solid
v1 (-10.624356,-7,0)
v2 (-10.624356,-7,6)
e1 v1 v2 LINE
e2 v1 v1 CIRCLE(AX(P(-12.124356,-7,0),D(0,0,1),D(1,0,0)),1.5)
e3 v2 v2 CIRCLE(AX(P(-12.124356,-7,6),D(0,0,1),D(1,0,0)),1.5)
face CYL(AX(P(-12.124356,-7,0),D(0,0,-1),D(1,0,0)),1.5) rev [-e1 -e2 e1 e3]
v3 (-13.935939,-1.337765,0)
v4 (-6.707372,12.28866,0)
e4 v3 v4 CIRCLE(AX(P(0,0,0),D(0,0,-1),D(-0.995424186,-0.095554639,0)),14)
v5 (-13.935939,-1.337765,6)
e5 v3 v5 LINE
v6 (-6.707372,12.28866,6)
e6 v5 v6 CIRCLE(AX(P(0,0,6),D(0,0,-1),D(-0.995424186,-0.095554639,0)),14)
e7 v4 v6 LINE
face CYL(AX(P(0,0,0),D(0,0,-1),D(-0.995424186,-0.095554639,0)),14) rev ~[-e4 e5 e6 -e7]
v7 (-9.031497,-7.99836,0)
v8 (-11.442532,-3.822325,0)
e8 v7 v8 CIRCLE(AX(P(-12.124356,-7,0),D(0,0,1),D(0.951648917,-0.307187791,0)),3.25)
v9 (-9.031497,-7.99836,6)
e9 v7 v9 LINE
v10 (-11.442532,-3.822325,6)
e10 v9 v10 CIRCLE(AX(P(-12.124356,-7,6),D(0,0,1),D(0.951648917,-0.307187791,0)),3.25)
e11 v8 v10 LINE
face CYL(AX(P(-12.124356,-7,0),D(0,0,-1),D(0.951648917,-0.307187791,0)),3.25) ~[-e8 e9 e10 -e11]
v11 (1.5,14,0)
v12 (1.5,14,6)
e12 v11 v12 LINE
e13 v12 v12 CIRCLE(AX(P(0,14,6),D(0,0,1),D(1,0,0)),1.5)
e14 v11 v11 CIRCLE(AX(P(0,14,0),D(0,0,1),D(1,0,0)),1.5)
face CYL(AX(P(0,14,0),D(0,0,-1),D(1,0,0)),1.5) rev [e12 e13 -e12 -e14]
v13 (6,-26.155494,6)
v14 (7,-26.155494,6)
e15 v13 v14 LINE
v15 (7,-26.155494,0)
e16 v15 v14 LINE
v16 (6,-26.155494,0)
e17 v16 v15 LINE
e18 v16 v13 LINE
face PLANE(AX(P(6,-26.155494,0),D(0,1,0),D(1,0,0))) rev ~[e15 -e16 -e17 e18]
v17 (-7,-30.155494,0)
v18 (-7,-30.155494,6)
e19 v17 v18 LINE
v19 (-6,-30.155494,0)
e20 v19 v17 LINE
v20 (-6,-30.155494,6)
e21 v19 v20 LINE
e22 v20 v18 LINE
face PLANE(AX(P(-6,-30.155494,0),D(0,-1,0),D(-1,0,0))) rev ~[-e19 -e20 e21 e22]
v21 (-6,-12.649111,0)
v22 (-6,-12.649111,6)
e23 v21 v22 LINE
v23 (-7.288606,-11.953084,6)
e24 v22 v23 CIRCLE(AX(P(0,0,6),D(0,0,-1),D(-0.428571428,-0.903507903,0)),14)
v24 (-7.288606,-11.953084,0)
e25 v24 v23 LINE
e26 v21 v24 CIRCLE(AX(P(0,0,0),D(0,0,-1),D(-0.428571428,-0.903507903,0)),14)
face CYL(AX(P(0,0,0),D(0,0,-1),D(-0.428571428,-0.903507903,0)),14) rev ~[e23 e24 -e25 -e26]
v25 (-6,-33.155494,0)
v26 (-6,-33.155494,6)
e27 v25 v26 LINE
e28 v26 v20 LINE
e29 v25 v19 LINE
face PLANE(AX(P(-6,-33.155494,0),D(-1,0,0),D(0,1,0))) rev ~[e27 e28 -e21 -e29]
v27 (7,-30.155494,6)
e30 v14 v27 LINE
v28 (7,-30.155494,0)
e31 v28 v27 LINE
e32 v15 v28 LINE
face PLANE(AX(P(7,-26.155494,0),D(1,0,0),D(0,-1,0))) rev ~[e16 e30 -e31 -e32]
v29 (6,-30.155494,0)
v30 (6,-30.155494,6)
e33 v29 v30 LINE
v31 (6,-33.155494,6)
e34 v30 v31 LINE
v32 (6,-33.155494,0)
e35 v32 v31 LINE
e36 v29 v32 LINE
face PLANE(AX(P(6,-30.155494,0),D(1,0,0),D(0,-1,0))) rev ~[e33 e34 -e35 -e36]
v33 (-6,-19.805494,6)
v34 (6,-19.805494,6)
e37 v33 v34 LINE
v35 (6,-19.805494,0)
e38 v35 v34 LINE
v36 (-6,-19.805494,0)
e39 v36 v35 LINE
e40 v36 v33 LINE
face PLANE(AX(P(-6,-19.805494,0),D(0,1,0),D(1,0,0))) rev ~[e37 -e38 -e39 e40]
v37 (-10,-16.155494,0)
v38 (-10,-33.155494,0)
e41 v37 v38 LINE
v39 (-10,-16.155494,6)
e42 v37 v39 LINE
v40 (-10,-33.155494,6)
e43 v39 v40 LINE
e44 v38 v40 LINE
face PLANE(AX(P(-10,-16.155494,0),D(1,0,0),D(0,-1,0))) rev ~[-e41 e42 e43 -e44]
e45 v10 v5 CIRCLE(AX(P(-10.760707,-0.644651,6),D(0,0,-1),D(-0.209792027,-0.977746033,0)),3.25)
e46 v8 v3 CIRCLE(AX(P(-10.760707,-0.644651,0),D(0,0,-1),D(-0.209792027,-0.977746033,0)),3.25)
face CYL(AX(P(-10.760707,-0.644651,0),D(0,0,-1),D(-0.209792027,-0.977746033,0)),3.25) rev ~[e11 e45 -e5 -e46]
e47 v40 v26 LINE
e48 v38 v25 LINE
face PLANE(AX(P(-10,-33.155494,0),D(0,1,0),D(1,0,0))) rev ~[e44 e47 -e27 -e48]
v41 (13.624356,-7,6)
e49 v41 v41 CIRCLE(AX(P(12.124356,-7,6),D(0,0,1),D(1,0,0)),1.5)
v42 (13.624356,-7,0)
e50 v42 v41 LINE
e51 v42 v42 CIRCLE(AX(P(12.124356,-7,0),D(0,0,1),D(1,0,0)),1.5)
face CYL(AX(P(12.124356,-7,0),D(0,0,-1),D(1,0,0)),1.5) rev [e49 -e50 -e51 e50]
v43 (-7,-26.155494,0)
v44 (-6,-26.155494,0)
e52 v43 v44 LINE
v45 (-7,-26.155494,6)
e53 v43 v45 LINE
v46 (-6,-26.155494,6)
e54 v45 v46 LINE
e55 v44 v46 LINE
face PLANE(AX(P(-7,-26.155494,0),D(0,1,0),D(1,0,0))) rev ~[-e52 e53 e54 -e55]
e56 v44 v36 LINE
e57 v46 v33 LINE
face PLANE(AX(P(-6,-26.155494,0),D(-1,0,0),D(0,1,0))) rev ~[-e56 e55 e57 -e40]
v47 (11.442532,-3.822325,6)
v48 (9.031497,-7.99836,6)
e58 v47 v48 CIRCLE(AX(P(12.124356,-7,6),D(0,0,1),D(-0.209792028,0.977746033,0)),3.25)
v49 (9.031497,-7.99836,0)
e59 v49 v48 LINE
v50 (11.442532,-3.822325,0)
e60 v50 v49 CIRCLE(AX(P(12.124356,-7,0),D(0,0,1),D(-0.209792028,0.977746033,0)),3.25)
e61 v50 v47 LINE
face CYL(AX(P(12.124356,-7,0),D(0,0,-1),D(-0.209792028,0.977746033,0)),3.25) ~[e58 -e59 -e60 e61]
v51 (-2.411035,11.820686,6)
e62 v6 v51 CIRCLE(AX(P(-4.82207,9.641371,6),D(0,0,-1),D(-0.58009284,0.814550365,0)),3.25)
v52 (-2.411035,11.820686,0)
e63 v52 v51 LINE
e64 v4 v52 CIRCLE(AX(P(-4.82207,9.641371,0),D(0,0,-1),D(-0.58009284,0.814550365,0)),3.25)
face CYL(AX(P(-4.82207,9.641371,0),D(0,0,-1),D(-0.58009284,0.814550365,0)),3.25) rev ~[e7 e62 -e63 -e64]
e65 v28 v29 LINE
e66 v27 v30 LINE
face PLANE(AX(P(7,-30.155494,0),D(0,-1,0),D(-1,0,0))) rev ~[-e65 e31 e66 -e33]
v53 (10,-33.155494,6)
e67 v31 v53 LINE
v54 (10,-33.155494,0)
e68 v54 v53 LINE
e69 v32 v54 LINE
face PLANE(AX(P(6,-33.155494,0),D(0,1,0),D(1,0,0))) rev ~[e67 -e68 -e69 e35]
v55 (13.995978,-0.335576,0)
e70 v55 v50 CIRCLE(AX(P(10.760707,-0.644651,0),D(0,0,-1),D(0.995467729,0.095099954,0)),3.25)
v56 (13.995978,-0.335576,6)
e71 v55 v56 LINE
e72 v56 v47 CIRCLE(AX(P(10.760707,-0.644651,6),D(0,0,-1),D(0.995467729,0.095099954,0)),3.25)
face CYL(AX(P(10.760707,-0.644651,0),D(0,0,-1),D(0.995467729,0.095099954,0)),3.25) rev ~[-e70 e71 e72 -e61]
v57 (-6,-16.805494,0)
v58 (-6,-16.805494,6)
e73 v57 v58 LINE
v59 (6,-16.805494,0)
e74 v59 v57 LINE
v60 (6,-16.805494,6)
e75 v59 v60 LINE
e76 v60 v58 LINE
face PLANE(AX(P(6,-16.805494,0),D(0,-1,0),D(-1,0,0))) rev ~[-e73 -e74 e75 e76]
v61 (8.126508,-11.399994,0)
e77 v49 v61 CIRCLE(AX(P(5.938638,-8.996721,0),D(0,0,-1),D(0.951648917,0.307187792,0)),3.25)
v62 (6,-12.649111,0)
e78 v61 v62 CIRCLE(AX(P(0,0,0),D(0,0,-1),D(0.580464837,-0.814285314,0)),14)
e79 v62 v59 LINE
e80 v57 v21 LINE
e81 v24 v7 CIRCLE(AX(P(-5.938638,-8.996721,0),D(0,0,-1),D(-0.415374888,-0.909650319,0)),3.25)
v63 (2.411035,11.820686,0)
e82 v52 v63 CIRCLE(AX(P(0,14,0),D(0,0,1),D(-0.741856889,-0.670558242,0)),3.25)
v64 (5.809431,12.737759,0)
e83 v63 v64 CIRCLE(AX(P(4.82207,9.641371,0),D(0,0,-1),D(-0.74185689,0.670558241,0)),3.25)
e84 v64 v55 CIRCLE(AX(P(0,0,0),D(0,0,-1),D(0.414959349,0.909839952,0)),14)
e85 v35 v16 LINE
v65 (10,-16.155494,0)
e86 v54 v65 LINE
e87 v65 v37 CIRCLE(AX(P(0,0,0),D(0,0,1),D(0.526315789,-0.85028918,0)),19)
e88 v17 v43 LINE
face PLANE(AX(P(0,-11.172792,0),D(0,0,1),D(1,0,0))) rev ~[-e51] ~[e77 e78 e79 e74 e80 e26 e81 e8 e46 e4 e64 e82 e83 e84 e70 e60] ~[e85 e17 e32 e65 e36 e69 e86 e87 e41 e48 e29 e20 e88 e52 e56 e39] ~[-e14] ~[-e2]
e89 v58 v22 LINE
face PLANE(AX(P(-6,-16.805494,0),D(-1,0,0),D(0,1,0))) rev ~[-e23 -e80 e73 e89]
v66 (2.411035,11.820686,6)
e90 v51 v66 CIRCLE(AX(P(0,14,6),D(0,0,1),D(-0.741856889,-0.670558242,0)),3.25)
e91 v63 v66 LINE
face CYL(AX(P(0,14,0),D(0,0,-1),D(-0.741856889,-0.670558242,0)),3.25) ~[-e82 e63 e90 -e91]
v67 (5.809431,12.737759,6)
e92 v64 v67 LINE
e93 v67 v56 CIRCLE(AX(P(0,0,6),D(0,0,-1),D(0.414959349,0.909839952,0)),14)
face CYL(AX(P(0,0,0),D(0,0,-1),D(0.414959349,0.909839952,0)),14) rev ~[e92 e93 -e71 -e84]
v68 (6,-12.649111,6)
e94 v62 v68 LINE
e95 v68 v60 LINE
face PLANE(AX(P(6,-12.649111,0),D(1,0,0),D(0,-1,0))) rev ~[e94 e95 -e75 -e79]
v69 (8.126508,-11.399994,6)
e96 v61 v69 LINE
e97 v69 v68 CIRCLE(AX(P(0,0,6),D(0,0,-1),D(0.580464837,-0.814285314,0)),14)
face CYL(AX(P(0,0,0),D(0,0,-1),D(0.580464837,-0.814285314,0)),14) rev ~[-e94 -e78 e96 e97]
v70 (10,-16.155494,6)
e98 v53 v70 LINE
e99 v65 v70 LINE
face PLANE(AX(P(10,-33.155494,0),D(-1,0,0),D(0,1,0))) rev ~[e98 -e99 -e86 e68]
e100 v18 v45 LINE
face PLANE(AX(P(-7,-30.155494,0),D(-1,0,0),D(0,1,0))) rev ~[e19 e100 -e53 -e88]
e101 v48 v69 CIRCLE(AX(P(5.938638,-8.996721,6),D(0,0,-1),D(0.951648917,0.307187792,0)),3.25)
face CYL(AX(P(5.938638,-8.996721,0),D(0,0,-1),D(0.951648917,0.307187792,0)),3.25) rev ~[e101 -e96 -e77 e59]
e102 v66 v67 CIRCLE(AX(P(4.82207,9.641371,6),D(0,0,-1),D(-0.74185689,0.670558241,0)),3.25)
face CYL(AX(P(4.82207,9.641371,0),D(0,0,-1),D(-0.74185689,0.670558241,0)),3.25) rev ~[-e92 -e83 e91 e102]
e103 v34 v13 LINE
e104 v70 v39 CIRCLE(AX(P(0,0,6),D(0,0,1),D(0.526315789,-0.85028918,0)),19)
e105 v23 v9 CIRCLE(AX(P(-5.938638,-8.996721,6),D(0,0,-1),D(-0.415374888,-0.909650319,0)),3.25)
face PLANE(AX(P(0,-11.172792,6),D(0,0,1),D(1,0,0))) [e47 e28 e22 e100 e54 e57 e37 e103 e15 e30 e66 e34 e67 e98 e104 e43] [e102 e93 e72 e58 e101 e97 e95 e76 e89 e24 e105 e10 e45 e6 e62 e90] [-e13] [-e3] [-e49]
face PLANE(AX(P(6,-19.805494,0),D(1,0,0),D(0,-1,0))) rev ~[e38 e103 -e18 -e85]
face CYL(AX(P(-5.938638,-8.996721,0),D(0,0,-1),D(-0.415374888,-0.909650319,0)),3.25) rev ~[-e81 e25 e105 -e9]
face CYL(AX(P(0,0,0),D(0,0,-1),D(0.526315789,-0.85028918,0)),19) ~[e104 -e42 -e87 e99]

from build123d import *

# Parameters (mm, degrees)
ESQUISSE1_R        = 1.5
BOSS_EXTRU_2_DEPTH = 6


with BuildPart() as part:
    # Esquisse1 → Boss.-Extru.2 (new body)
    with BuildSketch(Plane.XY):
        with BuildLine():
            Line((-6, -33.155494421), (-6, -30.155494421))
            Line((-6, -30.155494421), (-7, -30.155494421))
            Line((-7, -30.155494421), (-7, -26.155494421))
            Line((-7, -26.155494421), (-6, -26.155494421))
            Line((-6, -26.155494421), (-6, -19.805494421))
            Line((-6, -19.805494421), (6, -19.805494421))
            Line((6, -19.805494421), (6, -26.155494421))
            Line((6, -26.155494421), (7, -26.155494421))
            Line((7, -26.155494421), (7, -30.155494421))
            Line((7, -30.155494421), (6, -30.155494421))
            Line((6, -30.155494421), (6, -33.155494421))
            Line((6, -33.155494421), (10, -33.155494421))
            Line((10, -33.155494421), (10, -16.155494421))
            ThreePointArc((10, -16.155494421), (0, 19), (-10, -16.155494421))
            Line((-10, -16.155494421), (-10, -33.155494421))
            Line((-10, -33.155494421), (-6, -33.155494421))
        make_face()
        with Locations((0, 14)):
            Circle(ESQUISSE1_R, mode=Mode.SUBTRACT)
        with Locations((12.124355653, -7)):
            Circle(ESQUISSE1_R, mode=Mode.SUBTRACT)
        with Locations((-12.124355653, -7)):
            Circle(ESQUISSE1_R, mode=Mode.SUBTRACT)
        with BuildLine():
            Line((6, -16.805494421), (-6, -16.805494421))
            Line((-6, -16.805494421), (-6, -12.649110641))
            ThreePointArc((-6, -12.649110641), (-6.653410863, -12.317959405), (-7.288606081, -11.953084179))
            ThreePointArc((-7.288606081, -11.953084179), (-8.912631465, -10.307392628), (-9.031496673, -7.998360322))
            ThreePointArc((-9.031496673, -7.998360322), (-9.309773091, -5.375), (-11.442531564, -3.822325392))
            ThreePointArc((-11.442531564, -3.822325392), (-13.054716827, -2.946828253), (-13.935938611, -1.337764944))
            ThreePointArc((-13.935938611, -1.337764944), (-12.367555464, 6.560760004), (-6.707371512, 12.288660114))
            ThreePointArc((-6.707371512, 12.288660114), (-4.47014813, 12.872261577), (-2.411034891, 11.820685714))
            ThreePointArc((-2.411034891, 11.820685714), (0, 10.75), (2.411034891, 11.820685714))
            ThreePointArc((2.411034891, 11.820685714), (3.975330286, 12.779130538), (5.80943088, 12.737759334))
            ThreePointArc((5.80943088, 12.737759334), (11.865562564, 7.430237213), (13.995977593, -0.335575935))
            ThreePointArc((13.995977593, -0.335575935), (13.382779595, -2.564868949), (11.442531564, -3.822325392))
            ThreePointArc((11.442531564, -3.822325392), (9.309773091, -5.375), (9.031496673, -7.998360322))
            ThreePointArc((9.031496673, -7.998360322), (9.079386541, -9.832302285), (8.126507731, -11.399994391))
            ThreePointArc((8.126507731, -11.399994391), (7.090812931, -12.071469338), (6, -12.649110641))
            Line((6, -12.649110641), (6, -16.805494421))
        make_face(mode=Mode.SUBTRACT)
    extrude(amount=BOSS_EXTRU_2_DEPTH)


solid = part.part
